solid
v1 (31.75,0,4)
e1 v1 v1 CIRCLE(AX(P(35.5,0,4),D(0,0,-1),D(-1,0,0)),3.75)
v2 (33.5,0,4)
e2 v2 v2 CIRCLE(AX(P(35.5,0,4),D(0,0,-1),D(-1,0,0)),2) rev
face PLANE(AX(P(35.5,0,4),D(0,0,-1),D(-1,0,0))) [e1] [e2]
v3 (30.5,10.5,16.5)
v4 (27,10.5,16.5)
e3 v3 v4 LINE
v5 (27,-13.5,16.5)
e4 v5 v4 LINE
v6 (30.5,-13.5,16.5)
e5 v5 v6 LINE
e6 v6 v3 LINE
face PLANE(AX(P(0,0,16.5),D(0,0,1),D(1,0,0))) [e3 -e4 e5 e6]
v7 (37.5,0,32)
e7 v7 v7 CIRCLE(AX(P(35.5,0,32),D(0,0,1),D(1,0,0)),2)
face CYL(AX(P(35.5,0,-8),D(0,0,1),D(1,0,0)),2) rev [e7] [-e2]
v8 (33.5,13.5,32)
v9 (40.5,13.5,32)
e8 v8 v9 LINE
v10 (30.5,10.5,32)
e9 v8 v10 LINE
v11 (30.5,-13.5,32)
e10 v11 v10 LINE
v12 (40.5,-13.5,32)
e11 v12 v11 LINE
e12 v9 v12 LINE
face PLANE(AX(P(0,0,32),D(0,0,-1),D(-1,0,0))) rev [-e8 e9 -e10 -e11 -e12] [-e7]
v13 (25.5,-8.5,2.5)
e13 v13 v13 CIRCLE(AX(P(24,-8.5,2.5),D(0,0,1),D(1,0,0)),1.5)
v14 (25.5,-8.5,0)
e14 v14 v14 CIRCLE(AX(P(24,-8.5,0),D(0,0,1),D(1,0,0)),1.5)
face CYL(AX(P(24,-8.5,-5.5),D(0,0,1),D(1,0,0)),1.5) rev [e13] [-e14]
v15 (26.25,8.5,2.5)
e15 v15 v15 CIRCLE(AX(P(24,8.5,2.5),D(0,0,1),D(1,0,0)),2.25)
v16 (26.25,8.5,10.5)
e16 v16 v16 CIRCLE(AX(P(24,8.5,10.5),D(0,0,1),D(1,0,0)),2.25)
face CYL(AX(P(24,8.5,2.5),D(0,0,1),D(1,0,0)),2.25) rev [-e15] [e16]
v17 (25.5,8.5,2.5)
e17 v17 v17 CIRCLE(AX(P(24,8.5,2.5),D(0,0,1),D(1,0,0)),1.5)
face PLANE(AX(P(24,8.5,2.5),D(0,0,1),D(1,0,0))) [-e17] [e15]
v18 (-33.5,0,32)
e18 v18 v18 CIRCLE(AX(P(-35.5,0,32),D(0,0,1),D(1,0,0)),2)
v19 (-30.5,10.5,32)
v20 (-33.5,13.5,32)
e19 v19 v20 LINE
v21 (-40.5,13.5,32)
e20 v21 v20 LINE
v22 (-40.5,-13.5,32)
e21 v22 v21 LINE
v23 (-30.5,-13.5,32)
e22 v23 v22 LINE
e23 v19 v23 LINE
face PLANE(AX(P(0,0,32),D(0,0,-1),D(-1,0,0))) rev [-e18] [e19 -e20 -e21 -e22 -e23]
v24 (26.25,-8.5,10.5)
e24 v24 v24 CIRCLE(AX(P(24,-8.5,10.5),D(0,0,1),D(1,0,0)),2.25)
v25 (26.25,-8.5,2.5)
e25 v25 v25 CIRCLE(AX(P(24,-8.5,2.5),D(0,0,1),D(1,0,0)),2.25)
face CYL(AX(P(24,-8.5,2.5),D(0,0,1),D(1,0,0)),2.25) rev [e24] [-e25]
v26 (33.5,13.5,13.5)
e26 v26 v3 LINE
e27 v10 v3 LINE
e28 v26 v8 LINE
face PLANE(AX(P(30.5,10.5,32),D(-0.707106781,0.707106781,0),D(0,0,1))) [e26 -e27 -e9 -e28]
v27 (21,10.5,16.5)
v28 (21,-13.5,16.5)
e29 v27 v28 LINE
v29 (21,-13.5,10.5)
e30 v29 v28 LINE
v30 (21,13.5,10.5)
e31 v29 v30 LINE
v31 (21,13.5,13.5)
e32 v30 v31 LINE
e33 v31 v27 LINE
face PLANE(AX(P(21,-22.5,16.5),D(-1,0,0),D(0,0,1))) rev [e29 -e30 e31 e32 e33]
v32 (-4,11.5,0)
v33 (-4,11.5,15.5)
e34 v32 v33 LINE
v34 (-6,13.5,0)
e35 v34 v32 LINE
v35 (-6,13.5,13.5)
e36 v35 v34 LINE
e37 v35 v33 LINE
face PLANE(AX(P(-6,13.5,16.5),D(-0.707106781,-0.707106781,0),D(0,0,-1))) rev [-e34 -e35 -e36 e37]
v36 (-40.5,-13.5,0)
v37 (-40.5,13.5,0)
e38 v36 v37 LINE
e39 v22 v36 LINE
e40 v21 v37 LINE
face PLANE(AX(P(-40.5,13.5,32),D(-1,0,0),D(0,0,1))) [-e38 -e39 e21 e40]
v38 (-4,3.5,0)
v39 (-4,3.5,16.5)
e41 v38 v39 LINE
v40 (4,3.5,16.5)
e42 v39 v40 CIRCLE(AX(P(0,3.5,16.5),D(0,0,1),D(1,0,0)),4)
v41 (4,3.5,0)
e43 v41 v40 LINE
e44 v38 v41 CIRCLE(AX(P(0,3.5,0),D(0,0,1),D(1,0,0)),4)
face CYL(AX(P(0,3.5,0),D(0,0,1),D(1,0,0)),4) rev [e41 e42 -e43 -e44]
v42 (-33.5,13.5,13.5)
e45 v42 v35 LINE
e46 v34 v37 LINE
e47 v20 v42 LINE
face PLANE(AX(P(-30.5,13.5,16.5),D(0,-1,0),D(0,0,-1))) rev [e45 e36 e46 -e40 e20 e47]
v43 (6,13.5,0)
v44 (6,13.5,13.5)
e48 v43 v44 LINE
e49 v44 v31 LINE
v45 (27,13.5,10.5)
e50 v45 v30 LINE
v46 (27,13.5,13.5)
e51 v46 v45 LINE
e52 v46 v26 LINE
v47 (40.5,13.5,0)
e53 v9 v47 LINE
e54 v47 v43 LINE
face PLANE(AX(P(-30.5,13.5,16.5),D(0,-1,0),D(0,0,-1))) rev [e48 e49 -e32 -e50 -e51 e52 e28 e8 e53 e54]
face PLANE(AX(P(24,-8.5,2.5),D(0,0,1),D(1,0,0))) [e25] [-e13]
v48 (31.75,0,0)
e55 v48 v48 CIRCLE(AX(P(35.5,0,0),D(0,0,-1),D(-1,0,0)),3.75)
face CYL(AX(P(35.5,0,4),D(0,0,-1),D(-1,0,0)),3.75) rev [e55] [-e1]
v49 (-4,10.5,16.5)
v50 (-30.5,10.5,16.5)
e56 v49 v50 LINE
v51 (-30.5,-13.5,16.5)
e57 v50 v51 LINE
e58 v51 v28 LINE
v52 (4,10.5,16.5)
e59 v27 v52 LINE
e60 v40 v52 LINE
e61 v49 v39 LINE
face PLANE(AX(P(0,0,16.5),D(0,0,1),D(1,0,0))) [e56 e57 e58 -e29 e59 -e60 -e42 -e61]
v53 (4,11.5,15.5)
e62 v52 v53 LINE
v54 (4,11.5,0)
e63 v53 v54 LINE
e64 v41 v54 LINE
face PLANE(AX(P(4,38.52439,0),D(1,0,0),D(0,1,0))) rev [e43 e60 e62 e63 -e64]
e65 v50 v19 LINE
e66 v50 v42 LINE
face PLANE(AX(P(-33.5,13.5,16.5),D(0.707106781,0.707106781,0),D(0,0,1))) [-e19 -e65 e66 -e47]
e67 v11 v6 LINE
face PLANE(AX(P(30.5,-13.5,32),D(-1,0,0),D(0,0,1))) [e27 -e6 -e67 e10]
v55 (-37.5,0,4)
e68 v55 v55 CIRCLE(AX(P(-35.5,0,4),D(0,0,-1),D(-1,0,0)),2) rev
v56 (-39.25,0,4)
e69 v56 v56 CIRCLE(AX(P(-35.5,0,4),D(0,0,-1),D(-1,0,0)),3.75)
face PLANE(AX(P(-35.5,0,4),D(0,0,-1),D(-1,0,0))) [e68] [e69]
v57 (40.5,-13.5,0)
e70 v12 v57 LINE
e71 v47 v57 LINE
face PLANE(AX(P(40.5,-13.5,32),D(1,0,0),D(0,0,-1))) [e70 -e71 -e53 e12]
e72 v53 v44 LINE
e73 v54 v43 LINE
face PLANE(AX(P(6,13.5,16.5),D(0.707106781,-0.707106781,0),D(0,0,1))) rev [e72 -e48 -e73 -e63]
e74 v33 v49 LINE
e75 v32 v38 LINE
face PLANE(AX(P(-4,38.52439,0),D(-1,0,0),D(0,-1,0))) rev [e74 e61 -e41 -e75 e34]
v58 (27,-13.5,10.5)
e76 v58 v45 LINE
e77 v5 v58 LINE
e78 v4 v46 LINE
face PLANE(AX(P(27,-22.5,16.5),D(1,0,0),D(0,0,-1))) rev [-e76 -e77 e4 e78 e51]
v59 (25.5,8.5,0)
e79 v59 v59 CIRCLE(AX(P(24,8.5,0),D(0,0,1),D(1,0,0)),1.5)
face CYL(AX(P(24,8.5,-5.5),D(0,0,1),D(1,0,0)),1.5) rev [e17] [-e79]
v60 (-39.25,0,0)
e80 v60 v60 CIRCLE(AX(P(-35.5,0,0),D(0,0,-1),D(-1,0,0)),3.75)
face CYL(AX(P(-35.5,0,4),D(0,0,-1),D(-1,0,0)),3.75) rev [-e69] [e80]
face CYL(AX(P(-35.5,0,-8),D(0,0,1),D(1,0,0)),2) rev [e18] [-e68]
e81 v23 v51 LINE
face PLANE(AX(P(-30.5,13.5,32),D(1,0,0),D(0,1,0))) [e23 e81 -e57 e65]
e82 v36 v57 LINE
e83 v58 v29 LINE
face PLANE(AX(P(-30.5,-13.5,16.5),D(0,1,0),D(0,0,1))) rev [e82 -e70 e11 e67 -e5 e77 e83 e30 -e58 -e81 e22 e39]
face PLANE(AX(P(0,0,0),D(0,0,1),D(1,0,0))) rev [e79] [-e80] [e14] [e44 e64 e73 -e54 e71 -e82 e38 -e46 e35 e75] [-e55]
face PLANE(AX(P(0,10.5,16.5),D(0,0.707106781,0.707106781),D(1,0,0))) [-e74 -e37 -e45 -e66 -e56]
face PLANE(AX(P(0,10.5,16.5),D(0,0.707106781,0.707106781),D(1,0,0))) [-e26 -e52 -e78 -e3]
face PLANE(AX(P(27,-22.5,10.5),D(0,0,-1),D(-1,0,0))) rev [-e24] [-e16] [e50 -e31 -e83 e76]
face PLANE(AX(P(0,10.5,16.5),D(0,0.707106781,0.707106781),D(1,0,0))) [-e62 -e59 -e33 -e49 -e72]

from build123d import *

# Parameters (mm, degrees)
ESQUISSE5_W             = 61
ESQUISSE5_H             = 27
BOSS_EXTRU_2_DEPTH      = 16.5
ENL_V_MAT_EXTRU_2_DEPTH = 16.5
ESQUISSE7_W             = 10
ESQUISSE7_H             = 27
BOSS_EXTRU_3_DEPTH      = 32
ESQUISSE8_R             = 2
ENL_V_MAT_EXTRU_3_DEPTH = 40
ESQUISSE9_R             = 3.75
ENL_V_MAT_EXTRU_4_DEPTH = 4
CHANFREIN1_SIZE         = 2
CHANFREIN2_SIZE         = 3
ESQUISSE10_W            = 6
ESQUISSE10_H            = 6
ENL_V_MAT_EXTRU_5_DEPTH = 36
ESQUISSE11_R            = 2.25
ENL_V_MAT_EXTRU_6_DEPTH = 8
ESQUISSE12_R            = 1.5
ENL_V_MAT_EXTRU_7_DEPTH = 8
CHANFREIN3_SIZE         = 3


with BuildPart() as part:
    # Esquisse5 → Boss.-Extru.2 (new body)
    with BuildSketch(Plane.XY):
        Rectangle(ESQUISSE5_W, ESQUISSE5_H)
    extrude(amount=BOSS_EXTRU_2_DEPTH)

    # Esquisse6 → Enlèv. mat.-Extru.2 (cut)
    with BuildSketch(Plane.XY.offset(16.5)):
        with BuildLine():
            Line((-4, 38.524390244), (4, 38.524390244))
            Line((4, 38.524390244), (4, 3.5))
            ThreePointArc((4, 3.5), (0, -0.5), (-4, 3.5))
            Line((-4, 3.5), (-4, 38.524390244))
        make_face()
    extrude(amount=-ENL_V_MAT_EXTRU_2_DEPTH, mode=Mode.SUBTRACT)

    # Esquisse7 → Boss.-Extru.3 (add)
    with BuildSketch(Plane(origin=(0, 0, 0), x_dir=(-1, 0, 0), z_dir=(0, 0, -1))):
        with Locations((-35.5, 0)):
            Rectangle(ESQUISSE7_W, ESQUISSE7_H)
        with Locations((35.5, 0)):
            Rectangle(ESQUISSE7_W, ESQUISSE7_H)
    extrude(amount=-BOSS_EXTRU_3_DEPTH)

    # Esquisse8 → Enlèv. mat.-Extru.3 (cut)
    with BuildSketch(Plane.XY.offset(32)):
        with Locations((-35.5, 0)):
            Circle(ESQUISSE8_R)
        with Locations((35.5, 0)):
            Circle(ESQUISSE8_R)
    extrude(amount=-ENL_V_MAT_EXTRU_3_DEPTH, mode=Mode.SUBTRACT)

    # Esquisse9 → Enlèv. mat.-Extru.4 (cut)
    with BuildSketch(Plane(origin=(0, 0, 0), x_dir=(-1, 0, 0), z_dir=(0, 0, -1))):
        with Locations((-35.5, 0)):
            Circle(ESQUISSE9_R)
        with Locations((35.5, 0)):
            Circle(ESQUISSE9_R)
    extrude(amount=-ENL_V_MAT_EXTRU_4_DEPTH, mode=Mode.SUBTRACT)

    # Chanfrein1
    chanfrein1_edges = [part.edges().sort_by_distance(p)[0] for p in [
        (-4, 13.5, 8.25),
        (4, 13.5, 8.25),
    ]]
    chamfer(chanfrein1_edges, length=CHANFREIN1_SIZE)

    # Chanfrein2
    chanfrein2_edges = [part.edges().sort_by_distance(p)[0] for p in [
        (30.5, 13.5, 24.25),
        (-30.5, 13.5, 24.25),
    ]]
    chamfer(chanfrein2_edges, length=CHANFREIN2_SIZE)

    # Esquisse10 → Enlèv. mat.-Extru.5 (cut)
    with BuildSketch(Plane(origin=(0, 13.5, 0), x_dir=(1, 0, 0), z_dir=(0, 1, 0))):
        with Locations((24, -13.5)):
            Rectangle(ESQUISSE10_W, ESQUISSE10_H)
    extrude(amount=-ENL_V_MAT_EXTRU_5_DEPTH, mode=Mode.SUBTRACT)

    # Esquisse11 → Enlèv. mat.-Extru.6 (cut)
    with BuildSketch(Plane.XY.offset(10.5)):
        with Locations((24, 8.5)):
            Circle(ESQUISSE11_R)
        with Locations((24, -8.5)):
            Circle(ESQUISSE11_R)
    extrude(amount=-ENL_V_MAT_EXTRU_6_DEPTH, mode=Mode.SUBTRACT)

    # Esquisse12 → Enlèv. mat.-Extru.7 (cut)
    with BuildSketch(Plane.XY.offset(2.5)):
        with Locations((24, 8.5)):
            Circle(ESQUISSE12_R)
        with Locations((24, -8.5)):
            Circle(ESQUISSE12_R)
    extrude(amount=-ENL_V_MAT_EXTRU_7_DEPTH, mode=Mode.SUBTRACT)

    # Chanfrein3
    chanfrein3_edges = [part.edges().sort_by_distance(p)[0] for p in [
        (30.25, 13.5, 16.5),
        (13.5, 13.5, 16.5),
        (-19.75, 13.5, 16.5),
    ]]
    chamfer(chanfrein3_edges, length=CHANFREIN3_SIZE)


solid = part.part
